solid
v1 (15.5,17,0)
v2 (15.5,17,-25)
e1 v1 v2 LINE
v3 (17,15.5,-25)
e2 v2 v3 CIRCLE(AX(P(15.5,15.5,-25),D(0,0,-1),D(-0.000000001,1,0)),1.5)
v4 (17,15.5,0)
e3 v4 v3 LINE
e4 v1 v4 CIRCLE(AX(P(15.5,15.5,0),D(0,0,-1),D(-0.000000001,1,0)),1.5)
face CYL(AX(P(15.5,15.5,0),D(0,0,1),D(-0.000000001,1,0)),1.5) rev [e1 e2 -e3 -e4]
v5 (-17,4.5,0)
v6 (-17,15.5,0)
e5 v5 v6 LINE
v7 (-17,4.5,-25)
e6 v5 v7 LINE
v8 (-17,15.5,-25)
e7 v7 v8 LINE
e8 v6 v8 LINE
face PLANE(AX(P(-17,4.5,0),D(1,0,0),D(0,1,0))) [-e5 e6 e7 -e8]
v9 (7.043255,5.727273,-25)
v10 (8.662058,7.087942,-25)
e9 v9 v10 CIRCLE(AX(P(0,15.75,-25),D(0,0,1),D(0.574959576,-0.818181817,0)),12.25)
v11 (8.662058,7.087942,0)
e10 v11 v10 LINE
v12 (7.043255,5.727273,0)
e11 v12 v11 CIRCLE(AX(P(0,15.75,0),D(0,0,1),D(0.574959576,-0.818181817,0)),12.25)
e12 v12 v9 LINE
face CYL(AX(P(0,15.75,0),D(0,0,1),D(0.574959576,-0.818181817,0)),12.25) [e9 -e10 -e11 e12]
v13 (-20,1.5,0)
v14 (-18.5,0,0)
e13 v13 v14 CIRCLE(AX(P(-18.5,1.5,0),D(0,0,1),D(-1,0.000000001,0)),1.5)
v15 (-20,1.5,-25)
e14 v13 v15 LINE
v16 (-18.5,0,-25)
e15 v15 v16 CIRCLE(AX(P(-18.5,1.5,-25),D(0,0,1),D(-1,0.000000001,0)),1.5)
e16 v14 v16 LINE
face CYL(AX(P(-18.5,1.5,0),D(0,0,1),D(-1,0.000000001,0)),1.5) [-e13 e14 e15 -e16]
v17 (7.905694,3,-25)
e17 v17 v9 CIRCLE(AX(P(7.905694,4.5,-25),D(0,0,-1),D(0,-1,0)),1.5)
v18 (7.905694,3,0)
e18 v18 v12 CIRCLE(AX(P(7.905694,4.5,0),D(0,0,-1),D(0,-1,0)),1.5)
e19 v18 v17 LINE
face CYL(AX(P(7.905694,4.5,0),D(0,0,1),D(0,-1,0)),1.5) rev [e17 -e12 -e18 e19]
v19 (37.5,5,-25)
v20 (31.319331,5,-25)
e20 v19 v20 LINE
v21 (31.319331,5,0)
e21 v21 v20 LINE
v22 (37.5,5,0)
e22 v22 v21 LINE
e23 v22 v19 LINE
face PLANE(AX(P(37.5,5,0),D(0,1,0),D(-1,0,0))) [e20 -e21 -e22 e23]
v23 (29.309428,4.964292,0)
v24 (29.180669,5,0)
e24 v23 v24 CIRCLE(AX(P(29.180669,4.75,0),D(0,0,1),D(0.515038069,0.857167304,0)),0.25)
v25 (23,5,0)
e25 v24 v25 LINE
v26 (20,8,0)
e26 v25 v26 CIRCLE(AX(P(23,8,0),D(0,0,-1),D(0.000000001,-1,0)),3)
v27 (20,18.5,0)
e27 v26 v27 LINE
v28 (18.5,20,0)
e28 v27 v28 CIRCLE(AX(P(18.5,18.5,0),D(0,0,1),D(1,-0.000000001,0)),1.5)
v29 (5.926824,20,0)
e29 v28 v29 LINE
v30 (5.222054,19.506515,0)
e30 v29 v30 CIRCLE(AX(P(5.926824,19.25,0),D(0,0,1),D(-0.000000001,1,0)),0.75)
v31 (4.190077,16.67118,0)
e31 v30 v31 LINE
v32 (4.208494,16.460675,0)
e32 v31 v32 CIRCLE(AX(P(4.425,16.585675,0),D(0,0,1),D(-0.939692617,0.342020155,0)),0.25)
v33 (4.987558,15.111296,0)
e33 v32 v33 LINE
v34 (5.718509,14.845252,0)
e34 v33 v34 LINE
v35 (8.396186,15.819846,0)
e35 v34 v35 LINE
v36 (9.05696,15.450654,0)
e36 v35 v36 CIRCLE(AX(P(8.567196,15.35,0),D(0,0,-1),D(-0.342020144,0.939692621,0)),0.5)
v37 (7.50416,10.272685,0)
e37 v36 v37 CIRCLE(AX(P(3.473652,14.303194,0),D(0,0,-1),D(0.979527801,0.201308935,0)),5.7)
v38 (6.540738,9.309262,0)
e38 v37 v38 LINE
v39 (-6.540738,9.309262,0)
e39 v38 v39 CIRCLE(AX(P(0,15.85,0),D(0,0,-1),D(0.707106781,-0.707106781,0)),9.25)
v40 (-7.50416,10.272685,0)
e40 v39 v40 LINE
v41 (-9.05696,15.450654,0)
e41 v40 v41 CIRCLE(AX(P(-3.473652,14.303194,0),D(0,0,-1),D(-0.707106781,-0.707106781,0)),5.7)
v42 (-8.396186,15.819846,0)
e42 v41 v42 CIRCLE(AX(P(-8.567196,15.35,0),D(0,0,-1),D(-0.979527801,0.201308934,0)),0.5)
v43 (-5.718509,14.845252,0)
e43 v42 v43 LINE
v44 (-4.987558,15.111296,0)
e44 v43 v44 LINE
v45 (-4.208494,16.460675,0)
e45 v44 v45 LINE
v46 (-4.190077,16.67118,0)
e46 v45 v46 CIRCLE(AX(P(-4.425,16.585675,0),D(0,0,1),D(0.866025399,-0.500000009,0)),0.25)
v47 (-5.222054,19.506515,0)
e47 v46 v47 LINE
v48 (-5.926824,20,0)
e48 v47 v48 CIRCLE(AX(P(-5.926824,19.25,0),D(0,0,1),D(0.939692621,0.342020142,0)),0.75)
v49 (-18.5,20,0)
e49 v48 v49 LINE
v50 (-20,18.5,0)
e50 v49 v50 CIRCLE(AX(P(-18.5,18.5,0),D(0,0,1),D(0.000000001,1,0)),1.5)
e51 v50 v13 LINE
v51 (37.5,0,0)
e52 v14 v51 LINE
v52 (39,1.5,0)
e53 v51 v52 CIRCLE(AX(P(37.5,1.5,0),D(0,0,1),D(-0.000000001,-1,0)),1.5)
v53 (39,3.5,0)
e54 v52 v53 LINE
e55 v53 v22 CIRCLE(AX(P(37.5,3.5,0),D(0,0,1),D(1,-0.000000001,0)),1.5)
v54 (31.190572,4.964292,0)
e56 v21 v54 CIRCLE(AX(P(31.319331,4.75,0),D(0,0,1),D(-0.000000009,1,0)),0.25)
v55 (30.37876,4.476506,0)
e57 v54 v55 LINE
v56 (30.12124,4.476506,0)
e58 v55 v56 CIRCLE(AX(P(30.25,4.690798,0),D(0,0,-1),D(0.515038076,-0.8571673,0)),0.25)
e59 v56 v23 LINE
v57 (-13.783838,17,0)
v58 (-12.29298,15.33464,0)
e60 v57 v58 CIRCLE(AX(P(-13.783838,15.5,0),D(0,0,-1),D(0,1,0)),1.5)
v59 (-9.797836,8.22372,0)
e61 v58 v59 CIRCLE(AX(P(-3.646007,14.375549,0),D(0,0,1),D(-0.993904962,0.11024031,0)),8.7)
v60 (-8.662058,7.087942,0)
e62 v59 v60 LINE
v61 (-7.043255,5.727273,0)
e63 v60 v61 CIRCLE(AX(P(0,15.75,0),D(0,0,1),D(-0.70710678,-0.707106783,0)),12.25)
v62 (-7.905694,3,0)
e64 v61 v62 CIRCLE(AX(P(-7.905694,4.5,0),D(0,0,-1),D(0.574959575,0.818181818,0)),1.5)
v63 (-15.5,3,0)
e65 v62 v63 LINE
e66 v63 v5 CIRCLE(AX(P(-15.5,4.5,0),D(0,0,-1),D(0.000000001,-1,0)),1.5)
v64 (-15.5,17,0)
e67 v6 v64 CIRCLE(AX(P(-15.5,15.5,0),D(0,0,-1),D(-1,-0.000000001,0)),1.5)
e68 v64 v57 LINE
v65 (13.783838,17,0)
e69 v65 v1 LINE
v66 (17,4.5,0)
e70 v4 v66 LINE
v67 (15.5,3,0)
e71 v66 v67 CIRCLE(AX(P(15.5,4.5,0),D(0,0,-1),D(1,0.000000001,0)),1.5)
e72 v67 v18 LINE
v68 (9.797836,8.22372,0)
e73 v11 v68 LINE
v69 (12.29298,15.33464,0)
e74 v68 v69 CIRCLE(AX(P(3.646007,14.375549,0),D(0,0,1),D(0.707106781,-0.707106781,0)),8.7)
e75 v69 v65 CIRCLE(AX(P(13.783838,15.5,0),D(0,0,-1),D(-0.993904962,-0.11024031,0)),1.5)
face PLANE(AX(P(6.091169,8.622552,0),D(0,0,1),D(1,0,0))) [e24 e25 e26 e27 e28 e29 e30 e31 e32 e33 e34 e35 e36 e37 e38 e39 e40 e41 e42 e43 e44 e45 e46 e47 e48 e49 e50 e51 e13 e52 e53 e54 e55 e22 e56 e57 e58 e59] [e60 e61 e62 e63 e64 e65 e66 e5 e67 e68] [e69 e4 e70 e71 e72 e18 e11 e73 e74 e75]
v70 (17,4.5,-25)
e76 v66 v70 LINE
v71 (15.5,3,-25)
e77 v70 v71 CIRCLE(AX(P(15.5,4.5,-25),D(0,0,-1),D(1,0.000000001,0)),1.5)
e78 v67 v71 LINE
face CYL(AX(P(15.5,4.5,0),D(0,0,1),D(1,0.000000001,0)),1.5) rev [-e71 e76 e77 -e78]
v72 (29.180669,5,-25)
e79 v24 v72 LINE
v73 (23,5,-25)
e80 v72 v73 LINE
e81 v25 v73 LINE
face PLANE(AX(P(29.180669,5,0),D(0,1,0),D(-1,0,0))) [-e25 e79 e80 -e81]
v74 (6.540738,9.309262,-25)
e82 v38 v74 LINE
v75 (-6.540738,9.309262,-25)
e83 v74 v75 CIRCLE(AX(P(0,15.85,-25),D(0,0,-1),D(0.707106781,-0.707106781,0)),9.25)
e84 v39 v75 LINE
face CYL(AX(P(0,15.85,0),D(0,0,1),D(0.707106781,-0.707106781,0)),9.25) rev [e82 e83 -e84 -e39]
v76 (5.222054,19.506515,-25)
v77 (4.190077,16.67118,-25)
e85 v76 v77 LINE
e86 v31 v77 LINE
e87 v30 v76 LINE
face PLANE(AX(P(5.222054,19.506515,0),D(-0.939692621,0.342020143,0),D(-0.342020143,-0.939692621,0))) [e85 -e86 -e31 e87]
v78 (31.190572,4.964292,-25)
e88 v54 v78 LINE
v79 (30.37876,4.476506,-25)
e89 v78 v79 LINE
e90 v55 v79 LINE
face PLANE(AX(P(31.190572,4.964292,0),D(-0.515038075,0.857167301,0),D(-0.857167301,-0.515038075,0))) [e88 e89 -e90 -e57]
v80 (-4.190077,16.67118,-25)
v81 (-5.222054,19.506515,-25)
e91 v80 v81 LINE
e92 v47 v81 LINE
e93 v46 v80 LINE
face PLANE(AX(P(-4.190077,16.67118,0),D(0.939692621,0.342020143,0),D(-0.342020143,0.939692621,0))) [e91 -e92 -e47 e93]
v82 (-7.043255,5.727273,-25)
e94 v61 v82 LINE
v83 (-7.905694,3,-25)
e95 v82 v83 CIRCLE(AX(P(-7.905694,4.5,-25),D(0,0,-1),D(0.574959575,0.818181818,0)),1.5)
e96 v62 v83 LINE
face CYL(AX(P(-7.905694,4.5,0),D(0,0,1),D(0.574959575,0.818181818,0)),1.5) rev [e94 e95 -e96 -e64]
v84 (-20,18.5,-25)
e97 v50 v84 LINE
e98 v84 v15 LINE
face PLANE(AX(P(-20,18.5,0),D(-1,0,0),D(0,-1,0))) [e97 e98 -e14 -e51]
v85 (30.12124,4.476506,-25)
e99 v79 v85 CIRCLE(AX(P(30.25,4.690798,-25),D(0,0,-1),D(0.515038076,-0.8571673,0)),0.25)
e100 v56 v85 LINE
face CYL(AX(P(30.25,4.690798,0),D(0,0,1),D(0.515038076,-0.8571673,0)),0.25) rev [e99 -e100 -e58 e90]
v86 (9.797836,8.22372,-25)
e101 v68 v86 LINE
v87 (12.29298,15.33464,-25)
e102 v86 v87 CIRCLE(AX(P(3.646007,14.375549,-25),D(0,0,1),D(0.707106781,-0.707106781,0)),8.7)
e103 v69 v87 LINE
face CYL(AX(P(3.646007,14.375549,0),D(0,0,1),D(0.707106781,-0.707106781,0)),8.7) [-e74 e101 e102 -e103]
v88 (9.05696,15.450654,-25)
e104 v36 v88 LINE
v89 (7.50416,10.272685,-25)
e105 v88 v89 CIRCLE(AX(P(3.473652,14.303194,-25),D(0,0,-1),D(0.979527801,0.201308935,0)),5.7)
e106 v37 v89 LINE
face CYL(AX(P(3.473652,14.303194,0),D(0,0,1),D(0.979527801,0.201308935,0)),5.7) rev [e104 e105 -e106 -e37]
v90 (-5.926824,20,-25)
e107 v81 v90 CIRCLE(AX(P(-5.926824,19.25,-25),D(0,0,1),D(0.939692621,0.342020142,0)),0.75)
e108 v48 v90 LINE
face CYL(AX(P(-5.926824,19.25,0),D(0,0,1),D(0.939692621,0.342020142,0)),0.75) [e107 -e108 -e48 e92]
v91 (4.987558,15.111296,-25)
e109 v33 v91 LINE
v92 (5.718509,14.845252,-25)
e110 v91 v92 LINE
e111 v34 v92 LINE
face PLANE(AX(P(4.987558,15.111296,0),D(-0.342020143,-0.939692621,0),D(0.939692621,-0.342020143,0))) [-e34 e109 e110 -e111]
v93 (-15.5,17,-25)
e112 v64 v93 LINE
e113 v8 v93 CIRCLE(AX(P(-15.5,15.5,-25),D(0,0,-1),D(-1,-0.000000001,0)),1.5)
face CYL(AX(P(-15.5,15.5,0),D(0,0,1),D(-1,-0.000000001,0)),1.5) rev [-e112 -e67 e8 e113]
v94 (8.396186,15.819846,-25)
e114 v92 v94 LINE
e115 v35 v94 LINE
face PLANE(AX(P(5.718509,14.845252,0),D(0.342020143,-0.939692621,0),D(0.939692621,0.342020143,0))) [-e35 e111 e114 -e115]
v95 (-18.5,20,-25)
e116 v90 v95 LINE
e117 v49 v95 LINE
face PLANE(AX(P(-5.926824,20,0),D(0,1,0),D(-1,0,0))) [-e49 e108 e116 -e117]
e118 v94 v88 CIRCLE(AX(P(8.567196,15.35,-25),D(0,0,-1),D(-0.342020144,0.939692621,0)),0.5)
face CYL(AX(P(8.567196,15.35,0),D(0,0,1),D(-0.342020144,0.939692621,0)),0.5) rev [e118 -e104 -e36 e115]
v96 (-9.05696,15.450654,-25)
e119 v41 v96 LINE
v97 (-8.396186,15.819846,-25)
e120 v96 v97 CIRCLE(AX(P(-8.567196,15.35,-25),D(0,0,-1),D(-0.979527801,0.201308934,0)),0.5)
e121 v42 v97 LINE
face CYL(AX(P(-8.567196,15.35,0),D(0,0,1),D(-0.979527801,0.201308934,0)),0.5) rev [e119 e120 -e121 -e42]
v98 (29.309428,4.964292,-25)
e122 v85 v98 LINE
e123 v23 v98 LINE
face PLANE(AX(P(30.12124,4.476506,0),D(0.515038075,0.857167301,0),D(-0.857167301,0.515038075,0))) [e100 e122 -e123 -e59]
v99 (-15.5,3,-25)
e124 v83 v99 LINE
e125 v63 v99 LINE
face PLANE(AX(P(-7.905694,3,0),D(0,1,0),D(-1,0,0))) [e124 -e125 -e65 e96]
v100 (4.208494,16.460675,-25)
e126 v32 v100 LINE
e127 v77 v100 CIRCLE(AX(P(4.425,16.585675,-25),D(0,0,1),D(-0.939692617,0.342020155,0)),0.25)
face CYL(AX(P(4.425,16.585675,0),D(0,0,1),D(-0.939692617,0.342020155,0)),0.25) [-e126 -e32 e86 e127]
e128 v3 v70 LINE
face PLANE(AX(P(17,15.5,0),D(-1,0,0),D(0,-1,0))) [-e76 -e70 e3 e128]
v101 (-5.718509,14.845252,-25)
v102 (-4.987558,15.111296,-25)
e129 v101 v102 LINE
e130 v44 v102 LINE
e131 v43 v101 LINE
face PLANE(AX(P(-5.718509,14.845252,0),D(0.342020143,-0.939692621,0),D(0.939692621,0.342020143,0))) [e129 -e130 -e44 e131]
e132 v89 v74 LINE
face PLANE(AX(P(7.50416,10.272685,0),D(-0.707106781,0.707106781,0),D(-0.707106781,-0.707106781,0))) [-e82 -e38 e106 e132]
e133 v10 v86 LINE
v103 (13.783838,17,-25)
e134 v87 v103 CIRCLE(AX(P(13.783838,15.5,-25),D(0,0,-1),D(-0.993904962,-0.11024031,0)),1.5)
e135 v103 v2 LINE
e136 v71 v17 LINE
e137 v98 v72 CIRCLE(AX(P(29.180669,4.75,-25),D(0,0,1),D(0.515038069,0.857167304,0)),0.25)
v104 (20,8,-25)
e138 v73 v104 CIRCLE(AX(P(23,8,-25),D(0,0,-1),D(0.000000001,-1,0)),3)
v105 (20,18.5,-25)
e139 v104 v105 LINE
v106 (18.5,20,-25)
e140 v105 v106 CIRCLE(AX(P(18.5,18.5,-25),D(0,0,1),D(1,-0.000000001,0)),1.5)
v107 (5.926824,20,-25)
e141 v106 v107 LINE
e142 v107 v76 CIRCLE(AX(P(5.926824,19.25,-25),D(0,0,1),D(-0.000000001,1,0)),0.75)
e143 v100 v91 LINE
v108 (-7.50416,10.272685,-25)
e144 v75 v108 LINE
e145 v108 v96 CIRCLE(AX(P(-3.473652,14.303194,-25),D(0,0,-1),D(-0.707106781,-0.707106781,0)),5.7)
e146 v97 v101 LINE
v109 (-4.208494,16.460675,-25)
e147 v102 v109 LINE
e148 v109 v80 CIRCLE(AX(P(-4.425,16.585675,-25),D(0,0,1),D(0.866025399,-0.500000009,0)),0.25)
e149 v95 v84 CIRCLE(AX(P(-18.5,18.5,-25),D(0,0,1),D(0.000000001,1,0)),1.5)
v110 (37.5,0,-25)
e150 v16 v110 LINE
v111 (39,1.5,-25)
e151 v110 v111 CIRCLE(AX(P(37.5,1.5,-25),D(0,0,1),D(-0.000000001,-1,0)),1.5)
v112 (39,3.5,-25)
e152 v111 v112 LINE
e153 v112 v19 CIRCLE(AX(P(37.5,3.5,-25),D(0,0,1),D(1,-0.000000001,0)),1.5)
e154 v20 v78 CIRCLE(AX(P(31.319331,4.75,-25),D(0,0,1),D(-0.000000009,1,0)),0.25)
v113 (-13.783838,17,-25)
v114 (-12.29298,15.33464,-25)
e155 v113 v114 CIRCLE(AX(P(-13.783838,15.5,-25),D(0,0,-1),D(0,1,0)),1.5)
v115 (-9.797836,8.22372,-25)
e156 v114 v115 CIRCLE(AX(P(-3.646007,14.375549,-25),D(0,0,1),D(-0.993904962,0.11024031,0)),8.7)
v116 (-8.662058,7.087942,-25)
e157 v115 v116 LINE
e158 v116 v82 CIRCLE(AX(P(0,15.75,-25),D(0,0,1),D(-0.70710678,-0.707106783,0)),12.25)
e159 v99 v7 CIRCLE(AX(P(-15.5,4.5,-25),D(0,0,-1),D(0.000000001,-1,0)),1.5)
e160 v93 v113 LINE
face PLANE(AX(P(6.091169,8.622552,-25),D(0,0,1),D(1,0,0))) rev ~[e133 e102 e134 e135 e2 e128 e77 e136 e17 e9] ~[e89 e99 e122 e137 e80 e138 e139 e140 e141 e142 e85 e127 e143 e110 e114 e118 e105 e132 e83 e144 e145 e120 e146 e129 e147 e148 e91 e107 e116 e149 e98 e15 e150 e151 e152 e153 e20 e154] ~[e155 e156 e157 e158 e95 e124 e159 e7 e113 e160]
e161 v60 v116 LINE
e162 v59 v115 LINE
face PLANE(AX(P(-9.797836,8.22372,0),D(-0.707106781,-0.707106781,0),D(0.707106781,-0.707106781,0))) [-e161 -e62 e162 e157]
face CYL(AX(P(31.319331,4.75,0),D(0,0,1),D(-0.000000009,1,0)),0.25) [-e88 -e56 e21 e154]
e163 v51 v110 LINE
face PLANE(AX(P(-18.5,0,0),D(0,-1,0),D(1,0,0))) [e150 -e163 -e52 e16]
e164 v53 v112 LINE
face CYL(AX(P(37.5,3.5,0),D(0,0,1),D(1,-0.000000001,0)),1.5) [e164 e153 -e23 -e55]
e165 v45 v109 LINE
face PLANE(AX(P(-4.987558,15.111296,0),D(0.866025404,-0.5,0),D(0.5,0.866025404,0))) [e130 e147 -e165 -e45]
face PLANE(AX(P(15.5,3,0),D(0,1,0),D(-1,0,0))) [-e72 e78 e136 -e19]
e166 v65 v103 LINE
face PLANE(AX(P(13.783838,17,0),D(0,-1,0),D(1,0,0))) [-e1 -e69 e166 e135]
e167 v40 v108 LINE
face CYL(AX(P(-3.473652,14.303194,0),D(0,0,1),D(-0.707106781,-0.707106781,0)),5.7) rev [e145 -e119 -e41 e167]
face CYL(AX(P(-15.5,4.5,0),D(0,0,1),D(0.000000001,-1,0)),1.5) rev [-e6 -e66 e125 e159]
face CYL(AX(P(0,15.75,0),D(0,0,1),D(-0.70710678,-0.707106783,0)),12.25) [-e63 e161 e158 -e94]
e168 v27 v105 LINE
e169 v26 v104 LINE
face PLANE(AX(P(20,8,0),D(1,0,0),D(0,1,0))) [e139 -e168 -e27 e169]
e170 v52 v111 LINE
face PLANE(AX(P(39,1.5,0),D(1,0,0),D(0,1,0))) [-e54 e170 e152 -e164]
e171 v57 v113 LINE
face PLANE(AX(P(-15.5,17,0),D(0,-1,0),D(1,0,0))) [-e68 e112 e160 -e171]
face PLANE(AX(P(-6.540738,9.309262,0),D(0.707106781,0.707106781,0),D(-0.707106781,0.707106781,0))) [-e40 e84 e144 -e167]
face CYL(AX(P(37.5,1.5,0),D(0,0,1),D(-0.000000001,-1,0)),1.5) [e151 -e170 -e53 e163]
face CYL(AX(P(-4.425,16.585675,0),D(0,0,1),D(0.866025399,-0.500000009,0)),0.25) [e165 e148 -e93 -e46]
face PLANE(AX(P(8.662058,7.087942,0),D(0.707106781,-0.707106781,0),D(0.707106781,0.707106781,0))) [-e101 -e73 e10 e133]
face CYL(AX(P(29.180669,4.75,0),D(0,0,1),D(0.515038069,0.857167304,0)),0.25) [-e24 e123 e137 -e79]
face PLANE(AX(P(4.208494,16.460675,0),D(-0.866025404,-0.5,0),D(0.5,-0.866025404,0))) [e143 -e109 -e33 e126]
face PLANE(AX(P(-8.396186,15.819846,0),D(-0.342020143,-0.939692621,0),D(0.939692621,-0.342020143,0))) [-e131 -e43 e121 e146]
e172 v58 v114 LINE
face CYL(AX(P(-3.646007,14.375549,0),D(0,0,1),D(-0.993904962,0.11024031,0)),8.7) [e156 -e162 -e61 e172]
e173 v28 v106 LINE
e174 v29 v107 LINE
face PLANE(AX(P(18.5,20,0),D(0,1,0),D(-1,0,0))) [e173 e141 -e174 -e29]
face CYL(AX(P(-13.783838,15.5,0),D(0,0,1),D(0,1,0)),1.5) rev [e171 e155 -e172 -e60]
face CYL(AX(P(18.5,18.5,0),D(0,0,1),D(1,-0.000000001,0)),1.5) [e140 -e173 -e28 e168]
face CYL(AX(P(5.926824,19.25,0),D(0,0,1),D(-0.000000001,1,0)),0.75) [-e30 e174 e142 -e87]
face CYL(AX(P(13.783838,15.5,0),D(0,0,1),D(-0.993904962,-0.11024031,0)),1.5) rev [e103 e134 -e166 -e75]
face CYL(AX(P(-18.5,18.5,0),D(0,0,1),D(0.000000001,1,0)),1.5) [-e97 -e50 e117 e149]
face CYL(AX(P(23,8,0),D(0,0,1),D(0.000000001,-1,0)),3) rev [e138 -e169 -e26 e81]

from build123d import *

# Parameters (mm, degrees)
MAIN_EXTRUSION_DEPTH = 25


with BuildPart() as part:
    # Sk Main Extrusion → Main Extrusion (new body)
    with BuildSketch(Plane.XY):
        with BuildLine():
            Line((-4.190076845, 16.671180212), (-5.222054351, 19.506515107))
            ThreePointArc((-5.222054351, 19.506515107), (-5.496641489, 19.864364033), (-5.926823816, 20))
            Line((-5.926823816, 20), (-18.5, 20))
            ThreePointArc((-18.5, 20), (-19.560660172, 19.560660172), (-20, 18.5))
            Line((-20, 18.5), (-20, 1.5))
            ThreePointArc((-20, 1.5), (-19.560660172, 0.439339828), (-18.5, 0))
            Line((-18.5, 0), (37.5, 0))
            ThreePointArc((37.5, 0), (38.560660172, 0.439339828), (39, 1.5))
            Line((39, 1.5), (39, 3.5))
            ThreePointArc((39, 3.5), (38.560660172, 4.560660172), (37.5, 5))
            Line((37.5, 5), (31.319331136, 5))
            ThreePointArc((31.319331136, 5), (31.252521542, 4.990907613), (31.190571617, 4.964291825))
            Line((31.190571617, 4.964291825), (30.378759519, 4.476505905))
            ThreePointArc((30.378759519, 4.476505905), (30.25, 4.44079773), (30.121240481, 4.476505905))
            Line((30.121240481, 4.476505905), (29.309428383, 4.964291825))
            ThreePointArc((29.309428383, 4.964291825), (29.247478458, 4.990907613), (29.180668864, 5))
            Line((29.180668864, 5), (23, 5))
            ThreePointArc((23, 5), (20.878679656, 5.878679656), (20, 8))
            Line((20, 8), (20, 18.5))
            ThreePointArc((20, 18.5), (19.560660172, 19.560660172), (18.5, 20))
            Line((18.5, 20), (5.926823816, 20))
            ThreePointArc((5.926823816, 20), (5.496641489, 19.864364033), (5.222054351, 19.506515107))
            Line((5.222054351, 19.506515107), (4.190076845, 16.671180212))
            ThreePointArc((4.190076845, 16.671180212), (4.175951325, 16.563886241), (4.208493649, 16.460675177))
            Line((4.208493649, 16.460675177), (4.987558066, 15.111296024))
            Line((4.987558066, 15.111296024), (5.718509166, 14.845251581))
            Line((5.718509166, 14.845251581), (8.396186179, 15.81984631))
            ThreePointArc((8.396186179, 15.81984631), (8.811074612, 15.786489799), (9.056960151, 15.450654467))
            ThreePointArc((9.056960151, 15.450654467), (8.933433013, 12.665882372), (7.504160339, 10.272684887))
            Line((7.504160339, 10.272684887), (6.540737726, 9.309262274))
            ThreePointArc((6.540737726, 9.309262274), (0, 6.6), (-6.540737726, 9.309262274))
            Line((-6.540737726, 9.309262274), (-7.504160339, 10.272684887))
            ThreePointArc((-7.504160339, 10.272684887), (-8.933433013, 12.665882372), (-9.056960151, 15.450654467))
            ThreePointArc((-9.056960151, 15.450654467), (-8.811074612, 15.786489799), (-8.396186179, 15.81984631))
            Line((-8.396186179, 15.81984631), (-5.718509166, 14.845251581))
            Line((-5.718509166, 14.845251581), (-4.987558066, 15.111296024))
            Line((-4.987558066, 15.111296024), (-4.208493649, 16.460675177))
            ThreePointArc((-4.208493649, 16.460675177), (-4.175951325, 16.563886241), (-4.190076845, 16.671180212))
        make_face()
        with BuildLine():
            Line((-9.797835979, 8.22371984), (-8.66205807, 7.08794193))
            ThreePointArc((-8.66205807, 7.08794193), (-7.88207258, 6.372610607), (-7.043254789, 5.727272727))
            ThreePointArc((-7.043254789, 5.727272727), (-6.475500267, 4.047732983), (-7.90569415, 3))
            Line((-7.90569415, 3), (-15.5, 3))
            ThreePointArc((-15.5, 3), (-16.560660172, 3.439339828), (-17, 4.5))
            Line((-17, 4.5), (-17, 15.5))
            ThreePointArc((-17, 15.5), (-16.560660172, 16.560660172), (-15.5, 17))
            Line((-15.5, 17), (-13.783837598, 17))
            ThreePointArc((-13.783837598, 17), (-12.666241809, 16.500489706), (-12.292980155, 15.334639535))
            ThreePointArc((-12.292980155, 15.334639535), (-11.855296302, 11.494998738), (-9.797835979, 8.22371984))
        make_face(mode=Mode.SUBTRACT)
        with BuildLine():
            Line((17, 15.5), (17, 4.5))
            ThreePointArc((17, 4.5), (16.560660172, 3.439339828), (15.5, 3))
            Line((15.5, 3), (7.90569415, 3))
            ThreePointArc((7.90569415, 3), (6.475500267, 4.047732983), (7.043254789, 5.727272727))
            ThreePointArc((7.043254789, 5.727272727), (7.88207258, 6.372610607), (8.66205807, 7.08794193))
            Line((8.66205807, 7.08794193), (9.797835979, 8.22371984))
            ThreePointArc((9.797835979, 8.22371984), (11.855296302, 11.494998738), (12.292980155, 15.334639535))
            ThreePointArc((12.292980155, 15.334639535), (12.666241809, 16.500489706), (13.783837598, 17))
            Line((13.783837598, 17), (15.5, 17))
            ThreePointArc((15.5, 17), (16.560660172, 16.560660172), (17, 15.5))
        make_face(mode=Mode.SUBTRACT)
    extrude(amount=-MAIN_EXTRUSION_DEPTH)


solid = part.part
